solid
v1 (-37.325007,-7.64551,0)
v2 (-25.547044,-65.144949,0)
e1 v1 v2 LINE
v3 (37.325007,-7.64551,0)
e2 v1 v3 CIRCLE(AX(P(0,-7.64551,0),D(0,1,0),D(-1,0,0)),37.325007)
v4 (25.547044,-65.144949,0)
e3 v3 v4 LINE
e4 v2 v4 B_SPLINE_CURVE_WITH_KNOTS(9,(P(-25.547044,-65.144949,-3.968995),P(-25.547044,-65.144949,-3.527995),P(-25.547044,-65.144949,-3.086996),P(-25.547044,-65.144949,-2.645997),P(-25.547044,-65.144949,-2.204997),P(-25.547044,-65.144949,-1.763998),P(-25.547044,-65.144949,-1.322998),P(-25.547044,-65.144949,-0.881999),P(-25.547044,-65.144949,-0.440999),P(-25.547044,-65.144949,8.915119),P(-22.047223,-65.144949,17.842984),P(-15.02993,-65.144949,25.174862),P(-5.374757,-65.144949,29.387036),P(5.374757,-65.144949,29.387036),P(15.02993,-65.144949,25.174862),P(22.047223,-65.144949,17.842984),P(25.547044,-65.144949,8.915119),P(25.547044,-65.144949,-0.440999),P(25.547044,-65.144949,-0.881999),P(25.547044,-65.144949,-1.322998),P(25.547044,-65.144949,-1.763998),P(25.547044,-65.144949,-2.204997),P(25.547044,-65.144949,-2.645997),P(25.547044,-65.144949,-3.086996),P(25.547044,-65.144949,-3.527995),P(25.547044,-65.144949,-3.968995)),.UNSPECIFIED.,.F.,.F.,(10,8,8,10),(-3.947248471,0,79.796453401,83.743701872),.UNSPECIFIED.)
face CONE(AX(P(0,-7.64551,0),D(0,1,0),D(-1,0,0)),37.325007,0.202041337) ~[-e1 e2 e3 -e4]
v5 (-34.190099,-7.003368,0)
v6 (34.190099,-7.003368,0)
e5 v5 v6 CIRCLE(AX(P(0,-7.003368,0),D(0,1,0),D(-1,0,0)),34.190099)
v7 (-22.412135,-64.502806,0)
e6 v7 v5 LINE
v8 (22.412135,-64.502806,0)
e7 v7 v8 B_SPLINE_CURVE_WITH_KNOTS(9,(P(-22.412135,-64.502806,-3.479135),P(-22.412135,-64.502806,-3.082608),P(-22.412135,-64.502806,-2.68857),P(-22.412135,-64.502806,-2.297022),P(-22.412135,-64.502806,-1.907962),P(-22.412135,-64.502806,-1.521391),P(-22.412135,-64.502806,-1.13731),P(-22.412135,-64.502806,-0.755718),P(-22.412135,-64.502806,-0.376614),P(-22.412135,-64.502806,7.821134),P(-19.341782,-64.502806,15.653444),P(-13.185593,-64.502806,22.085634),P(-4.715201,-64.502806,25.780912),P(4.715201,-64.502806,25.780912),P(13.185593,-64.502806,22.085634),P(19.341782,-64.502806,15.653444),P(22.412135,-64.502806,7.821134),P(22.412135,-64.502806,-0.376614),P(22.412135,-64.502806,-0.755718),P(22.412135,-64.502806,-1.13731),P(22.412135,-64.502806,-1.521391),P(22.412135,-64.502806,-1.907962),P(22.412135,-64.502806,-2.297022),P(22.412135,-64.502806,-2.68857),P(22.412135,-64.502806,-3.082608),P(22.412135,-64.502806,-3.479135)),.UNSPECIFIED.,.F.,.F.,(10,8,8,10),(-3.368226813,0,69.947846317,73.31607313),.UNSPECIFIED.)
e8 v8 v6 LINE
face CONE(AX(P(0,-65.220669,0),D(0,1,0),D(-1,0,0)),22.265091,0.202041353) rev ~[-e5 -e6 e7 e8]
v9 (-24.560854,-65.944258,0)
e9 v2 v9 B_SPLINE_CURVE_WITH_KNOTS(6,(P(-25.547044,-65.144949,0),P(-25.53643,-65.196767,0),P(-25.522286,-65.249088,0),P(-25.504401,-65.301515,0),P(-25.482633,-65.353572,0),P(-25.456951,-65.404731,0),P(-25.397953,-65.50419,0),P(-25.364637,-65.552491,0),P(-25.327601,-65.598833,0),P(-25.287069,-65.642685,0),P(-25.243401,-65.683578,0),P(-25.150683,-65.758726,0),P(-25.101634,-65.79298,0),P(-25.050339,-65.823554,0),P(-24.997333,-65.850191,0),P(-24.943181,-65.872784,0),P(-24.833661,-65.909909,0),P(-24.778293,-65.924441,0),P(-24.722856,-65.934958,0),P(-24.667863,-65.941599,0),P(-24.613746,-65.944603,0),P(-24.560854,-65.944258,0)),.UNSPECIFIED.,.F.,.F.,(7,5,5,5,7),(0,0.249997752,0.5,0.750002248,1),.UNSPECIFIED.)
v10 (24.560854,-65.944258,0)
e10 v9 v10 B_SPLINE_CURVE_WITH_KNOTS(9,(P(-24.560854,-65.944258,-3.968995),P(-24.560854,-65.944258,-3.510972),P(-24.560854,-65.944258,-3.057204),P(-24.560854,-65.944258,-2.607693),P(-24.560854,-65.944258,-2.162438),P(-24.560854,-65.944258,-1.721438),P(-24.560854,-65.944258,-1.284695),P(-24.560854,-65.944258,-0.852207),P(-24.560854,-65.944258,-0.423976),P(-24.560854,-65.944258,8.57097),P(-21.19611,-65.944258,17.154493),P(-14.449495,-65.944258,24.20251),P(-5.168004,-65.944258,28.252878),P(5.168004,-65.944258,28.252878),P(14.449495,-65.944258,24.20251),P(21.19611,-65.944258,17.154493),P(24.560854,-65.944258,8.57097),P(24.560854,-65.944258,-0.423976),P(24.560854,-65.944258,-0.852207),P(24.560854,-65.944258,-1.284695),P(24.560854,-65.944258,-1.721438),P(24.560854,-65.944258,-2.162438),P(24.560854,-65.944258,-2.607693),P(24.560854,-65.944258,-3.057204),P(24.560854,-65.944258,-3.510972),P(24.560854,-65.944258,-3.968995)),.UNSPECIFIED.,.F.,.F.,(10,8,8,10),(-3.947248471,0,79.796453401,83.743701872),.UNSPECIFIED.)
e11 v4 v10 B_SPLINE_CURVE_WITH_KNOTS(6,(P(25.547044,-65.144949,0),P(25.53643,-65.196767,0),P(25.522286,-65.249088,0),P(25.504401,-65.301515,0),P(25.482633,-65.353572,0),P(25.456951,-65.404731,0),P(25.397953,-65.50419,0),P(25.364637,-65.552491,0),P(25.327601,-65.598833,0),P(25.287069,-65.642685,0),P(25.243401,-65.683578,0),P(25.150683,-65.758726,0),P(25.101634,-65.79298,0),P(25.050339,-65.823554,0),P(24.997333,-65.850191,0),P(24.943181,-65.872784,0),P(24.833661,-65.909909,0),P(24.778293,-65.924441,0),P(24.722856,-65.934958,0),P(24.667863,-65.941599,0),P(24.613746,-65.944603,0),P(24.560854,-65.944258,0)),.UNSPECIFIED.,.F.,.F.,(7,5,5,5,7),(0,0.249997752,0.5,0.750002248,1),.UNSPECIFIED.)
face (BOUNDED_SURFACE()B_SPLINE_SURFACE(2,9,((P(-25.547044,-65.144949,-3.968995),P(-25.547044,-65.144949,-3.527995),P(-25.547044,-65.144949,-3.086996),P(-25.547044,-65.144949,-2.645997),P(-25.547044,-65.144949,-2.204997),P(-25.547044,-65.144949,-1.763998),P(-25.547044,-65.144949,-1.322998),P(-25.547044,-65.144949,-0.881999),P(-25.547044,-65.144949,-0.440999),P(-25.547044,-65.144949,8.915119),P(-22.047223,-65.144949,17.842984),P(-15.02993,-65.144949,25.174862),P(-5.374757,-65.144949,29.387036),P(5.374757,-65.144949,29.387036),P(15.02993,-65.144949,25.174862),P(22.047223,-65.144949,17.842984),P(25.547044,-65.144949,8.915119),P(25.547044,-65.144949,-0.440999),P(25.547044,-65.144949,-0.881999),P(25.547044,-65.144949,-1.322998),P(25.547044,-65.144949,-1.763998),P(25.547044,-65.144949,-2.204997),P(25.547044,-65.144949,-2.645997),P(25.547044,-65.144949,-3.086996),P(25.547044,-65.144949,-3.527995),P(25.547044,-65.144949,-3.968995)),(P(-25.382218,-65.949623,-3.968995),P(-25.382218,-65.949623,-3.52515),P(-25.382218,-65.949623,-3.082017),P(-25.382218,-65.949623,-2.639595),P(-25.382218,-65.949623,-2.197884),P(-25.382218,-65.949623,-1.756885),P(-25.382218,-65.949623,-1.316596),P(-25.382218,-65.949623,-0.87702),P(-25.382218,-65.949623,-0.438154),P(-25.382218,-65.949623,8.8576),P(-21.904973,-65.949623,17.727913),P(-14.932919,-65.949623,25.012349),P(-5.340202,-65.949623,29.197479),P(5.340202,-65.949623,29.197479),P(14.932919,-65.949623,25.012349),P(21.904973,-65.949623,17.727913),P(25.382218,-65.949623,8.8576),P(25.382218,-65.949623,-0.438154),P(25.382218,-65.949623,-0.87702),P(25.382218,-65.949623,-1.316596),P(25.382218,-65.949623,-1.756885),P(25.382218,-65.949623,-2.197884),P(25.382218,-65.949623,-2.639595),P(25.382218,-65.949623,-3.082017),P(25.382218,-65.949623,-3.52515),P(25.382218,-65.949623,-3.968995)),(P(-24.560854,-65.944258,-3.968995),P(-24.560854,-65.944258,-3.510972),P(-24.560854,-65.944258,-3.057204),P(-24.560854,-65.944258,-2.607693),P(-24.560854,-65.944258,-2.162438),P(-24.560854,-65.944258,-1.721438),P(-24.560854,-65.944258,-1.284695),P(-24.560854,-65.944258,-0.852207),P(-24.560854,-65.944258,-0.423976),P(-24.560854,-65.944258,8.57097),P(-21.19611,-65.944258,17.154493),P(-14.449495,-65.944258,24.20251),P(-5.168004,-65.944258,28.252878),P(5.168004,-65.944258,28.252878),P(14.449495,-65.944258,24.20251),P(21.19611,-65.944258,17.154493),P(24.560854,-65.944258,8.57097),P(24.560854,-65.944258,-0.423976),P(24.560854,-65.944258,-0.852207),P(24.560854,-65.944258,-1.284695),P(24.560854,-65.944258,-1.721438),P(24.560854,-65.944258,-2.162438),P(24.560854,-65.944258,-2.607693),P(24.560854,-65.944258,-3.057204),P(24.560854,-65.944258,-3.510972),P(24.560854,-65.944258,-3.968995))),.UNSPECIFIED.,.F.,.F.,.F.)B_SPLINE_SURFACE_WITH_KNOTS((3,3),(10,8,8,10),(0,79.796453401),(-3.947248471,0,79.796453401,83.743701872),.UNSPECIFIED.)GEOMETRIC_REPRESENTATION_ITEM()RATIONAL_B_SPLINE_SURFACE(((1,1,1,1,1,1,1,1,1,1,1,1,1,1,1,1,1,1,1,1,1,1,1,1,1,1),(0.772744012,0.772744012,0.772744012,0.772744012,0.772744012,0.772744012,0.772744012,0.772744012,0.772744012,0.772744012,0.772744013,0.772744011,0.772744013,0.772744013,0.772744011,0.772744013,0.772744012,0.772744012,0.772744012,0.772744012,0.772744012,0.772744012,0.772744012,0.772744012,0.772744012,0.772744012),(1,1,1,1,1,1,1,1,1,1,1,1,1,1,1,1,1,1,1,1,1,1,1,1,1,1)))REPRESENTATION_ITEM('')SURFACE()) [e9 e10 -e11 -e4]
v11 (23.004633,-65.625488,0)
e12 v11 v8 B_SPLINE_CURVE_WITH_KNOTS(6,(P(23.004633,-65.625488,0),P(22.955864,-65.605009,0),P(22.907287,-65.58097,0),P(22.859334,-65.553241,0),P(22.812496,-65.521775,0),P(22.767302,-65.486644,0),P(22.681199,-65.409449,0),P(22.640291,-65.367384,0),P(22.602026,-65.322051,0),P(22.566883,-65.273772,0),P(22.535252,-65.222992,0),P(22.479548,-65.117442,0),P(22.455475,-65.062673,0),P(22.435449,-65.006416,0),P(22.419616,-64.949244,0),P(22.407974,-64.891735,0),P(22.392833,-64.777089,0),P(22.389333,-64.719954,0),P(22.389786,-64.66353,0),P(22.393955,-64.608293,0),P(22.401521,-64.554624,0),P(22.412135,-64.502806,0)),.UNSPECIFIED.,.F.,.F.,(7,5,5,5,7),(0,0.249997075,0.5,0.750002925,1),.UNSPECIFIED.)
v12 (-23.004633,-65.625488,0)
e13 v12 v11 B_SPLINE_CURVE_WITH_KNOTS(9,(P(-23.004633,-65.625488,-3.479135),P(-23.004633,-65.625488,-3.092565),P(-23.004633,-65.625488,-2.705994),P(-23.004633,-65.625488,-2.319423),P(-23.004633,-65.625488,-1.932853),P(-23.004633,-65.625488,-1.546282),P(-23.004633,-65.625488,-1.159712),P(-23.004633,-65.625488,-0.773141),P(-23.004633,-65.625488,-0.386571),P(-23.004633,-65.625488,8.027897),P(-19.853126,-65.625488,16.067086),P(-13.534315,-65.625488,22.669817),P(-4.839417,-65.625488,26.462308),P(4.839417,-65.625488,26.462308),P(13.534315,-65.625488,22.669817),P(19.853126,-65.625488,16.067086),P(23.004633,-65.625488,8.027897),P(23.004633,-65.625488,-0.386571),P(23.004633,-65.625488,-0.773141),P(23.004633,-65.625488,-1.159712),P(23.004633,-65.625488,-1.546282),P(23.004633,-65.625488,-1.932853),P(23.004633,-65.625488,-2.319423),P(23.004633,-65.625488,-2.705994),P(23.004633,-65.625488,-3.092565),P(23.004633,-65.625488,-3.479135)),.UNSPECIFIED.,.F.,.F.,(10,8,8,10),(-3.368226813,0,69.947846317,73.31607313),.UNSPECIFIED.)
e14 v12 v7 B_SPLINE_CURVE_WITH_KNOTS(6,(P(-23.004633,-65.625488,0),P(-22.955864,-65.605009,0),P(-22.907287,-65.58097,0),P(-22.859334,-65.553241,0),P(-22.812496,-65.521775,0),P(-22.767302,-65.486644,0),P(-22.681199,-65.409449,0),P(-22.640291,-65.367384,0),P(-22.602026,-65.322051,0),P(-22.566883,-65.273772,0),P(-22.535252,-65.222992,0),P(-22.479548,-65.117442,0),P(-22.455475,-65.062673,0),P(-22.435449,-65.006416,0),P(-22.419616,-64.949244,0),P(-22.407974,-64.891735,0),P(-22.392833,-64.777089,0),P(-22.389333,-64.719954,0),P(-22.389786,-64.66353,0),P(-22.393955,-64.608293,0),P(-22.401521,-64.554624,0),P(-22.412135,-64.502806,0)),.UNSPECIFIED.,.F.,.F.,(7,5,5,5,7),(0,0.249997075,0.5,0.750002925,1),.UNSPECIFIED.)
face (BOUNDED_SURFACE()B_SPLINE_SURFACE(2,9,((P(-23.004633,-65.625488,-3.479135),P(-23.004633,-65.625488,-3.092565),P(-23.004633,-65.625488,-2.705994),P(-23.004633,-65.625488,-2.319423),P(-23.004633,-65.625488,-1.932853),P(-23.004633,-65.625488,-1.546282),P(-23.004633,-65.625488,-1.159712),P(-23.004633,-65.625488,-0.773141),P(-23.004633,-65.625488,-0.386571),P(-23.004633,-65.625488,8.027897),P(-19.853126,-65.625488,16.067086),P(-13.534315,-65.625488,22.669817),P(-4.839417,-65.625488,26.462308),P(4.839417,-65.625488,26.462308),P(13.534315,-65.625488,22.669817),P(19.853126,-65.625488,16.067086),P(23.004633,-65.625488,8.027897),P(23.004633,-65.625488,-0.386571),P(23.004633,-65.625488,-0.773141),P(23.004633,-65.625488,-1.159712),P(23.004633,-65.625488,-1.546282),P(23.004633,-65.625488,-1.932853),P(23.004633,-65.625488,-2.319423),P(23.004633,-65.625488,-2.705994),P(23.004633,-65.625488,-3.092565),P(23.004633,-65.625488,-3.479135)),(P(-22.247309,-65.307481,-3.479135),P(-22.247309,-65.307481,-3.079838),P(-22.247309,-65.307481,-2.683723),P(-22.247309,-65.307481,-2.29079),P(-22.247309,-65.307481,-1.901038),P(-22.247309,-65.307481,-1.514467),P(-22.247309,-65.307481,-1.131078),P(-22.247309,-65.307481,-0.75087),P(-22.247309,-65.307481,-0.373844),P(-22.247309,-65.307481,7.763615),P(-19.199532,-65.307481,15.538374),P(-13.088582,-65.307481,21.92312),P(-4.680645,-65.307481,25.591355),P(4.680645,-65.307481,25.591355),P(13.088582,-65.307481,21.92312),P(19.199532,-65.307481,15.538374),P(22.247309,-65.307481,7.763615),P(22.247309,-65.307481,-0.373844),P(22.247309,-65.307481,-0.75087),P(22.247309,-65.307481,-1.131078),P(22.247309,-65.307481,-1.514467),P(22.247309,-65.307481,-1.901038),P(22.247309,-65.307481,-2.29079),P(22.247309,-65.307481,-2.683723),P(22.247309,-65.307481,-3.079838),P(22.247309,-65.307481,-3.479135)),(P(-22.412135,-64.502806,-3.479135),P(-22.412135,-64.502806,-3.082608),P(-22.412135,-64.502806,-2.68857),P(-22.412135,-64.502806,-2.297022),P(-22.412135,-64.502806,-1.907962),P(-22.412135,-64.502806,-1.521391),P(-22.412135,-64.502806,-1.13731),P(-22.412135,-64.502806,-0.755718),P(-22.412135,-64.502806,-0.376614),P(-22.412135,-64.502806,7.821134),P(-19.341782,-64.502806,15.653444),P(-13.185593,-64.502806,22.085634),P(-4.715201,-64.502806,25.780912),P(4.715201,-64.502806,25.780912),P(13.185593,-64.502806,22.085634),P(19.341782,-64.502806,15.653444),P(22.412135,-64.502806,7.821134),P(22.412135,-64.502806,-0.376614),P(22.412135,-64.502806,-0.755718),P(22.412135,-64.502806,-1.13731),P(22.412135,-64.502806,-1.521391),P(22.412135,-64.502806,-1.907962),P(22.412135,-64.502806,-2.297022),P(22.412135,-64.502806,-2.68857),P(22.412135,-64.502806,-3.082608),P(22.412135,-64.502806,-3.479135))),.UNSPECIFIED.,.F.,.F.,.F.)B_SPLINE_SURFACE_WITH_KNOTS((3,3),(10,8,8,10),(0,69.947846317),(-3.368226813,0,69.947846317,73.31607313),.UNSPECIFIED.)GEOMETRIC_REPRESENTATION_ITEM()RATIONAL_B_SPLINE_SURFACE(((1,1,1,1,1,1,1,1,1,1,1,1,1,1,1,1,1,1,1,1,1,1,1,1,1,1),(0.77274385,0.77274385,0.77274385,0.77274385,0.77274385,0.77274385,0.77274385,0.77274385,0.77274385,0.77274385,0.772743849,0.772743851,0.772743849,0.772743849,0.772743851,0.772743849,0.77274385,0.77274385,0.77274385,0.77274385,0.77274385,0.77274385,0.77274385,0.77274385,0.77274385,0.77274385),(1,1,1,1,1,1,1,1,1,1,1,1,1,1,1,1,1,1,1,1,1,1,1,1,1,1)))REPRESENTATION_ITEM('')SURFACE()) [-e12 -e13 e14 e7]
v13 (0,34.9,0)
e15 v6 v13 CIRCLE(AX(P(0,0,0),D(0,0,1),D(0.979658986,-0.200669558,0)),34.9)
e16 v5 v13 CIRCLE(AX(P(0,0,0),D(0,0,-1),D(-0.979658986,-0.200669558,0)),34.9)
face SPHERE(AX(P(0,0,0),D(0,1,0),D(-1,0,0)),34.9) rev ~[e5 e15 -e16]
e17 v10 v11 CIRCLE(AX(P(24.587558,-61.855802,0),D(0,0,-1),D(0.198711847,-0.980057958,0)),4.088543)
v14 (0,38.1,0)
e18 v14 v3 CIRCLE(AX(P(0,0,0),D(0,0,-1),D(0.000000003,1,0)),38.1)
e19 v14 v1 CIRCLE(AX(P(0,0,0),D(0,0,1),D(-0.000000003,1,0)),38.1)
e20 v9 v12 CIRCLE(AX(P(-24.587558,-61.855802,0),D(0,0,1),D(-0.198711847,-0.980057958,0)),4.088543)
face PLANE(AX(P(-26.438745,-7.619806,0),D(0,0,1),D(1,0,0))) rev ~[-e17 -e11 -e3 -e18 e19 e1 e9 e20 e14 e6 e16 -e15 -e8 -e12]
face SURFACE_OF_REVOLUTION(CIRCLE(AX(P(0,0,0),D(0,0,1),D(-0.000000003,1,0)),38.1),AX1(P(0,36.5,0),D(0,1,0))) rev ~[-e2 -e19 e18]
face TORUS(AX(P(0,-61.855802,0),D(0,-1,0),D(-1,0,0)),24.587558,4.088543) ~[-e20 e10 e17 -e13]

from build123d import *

# Parameters (mm, degrees)
F1_ANGLE = -180
F2_R     = 1


with BuildPart() as f1:
    # F0 (on Top) → F1 (revolve)
    with BuildSketch(Plane.XY):
        with BuildLine():
            Line((0, 34.9), (0, 38.1))
            ThreePointArc((0, 38.1), (-29.520365, 24.08647), (-37.325007, -7.64551))
            Line((-37.325007, -7.64551), (-25.4, -65.862811))
            ThreePointArc((-25.4, -65.862811), (-23.767113, -65.86118), (-22.265091, -65.220669))
            Line((-22.265091, -65.220669), (-34.190099, -7.003368))
            ThreePointArc((-34.190099, -7.003368), (-27.040965, 22.063459), (0, 34.9))
        make_face()
    revolve(axis=Axis((0, 36.5, 0), (0, -1, 0)), revolution_arc=F1_ANGLE)

    # F2
    f2_edges = [f1.edges().sort_by_distance(p)[0] for p in [
        (0, -65.220669, 22.265091),
        (0, -65.862811, 25.4),
    ]]
    fillet(f2_edges, radius=F2_R)


solid = f1.part
